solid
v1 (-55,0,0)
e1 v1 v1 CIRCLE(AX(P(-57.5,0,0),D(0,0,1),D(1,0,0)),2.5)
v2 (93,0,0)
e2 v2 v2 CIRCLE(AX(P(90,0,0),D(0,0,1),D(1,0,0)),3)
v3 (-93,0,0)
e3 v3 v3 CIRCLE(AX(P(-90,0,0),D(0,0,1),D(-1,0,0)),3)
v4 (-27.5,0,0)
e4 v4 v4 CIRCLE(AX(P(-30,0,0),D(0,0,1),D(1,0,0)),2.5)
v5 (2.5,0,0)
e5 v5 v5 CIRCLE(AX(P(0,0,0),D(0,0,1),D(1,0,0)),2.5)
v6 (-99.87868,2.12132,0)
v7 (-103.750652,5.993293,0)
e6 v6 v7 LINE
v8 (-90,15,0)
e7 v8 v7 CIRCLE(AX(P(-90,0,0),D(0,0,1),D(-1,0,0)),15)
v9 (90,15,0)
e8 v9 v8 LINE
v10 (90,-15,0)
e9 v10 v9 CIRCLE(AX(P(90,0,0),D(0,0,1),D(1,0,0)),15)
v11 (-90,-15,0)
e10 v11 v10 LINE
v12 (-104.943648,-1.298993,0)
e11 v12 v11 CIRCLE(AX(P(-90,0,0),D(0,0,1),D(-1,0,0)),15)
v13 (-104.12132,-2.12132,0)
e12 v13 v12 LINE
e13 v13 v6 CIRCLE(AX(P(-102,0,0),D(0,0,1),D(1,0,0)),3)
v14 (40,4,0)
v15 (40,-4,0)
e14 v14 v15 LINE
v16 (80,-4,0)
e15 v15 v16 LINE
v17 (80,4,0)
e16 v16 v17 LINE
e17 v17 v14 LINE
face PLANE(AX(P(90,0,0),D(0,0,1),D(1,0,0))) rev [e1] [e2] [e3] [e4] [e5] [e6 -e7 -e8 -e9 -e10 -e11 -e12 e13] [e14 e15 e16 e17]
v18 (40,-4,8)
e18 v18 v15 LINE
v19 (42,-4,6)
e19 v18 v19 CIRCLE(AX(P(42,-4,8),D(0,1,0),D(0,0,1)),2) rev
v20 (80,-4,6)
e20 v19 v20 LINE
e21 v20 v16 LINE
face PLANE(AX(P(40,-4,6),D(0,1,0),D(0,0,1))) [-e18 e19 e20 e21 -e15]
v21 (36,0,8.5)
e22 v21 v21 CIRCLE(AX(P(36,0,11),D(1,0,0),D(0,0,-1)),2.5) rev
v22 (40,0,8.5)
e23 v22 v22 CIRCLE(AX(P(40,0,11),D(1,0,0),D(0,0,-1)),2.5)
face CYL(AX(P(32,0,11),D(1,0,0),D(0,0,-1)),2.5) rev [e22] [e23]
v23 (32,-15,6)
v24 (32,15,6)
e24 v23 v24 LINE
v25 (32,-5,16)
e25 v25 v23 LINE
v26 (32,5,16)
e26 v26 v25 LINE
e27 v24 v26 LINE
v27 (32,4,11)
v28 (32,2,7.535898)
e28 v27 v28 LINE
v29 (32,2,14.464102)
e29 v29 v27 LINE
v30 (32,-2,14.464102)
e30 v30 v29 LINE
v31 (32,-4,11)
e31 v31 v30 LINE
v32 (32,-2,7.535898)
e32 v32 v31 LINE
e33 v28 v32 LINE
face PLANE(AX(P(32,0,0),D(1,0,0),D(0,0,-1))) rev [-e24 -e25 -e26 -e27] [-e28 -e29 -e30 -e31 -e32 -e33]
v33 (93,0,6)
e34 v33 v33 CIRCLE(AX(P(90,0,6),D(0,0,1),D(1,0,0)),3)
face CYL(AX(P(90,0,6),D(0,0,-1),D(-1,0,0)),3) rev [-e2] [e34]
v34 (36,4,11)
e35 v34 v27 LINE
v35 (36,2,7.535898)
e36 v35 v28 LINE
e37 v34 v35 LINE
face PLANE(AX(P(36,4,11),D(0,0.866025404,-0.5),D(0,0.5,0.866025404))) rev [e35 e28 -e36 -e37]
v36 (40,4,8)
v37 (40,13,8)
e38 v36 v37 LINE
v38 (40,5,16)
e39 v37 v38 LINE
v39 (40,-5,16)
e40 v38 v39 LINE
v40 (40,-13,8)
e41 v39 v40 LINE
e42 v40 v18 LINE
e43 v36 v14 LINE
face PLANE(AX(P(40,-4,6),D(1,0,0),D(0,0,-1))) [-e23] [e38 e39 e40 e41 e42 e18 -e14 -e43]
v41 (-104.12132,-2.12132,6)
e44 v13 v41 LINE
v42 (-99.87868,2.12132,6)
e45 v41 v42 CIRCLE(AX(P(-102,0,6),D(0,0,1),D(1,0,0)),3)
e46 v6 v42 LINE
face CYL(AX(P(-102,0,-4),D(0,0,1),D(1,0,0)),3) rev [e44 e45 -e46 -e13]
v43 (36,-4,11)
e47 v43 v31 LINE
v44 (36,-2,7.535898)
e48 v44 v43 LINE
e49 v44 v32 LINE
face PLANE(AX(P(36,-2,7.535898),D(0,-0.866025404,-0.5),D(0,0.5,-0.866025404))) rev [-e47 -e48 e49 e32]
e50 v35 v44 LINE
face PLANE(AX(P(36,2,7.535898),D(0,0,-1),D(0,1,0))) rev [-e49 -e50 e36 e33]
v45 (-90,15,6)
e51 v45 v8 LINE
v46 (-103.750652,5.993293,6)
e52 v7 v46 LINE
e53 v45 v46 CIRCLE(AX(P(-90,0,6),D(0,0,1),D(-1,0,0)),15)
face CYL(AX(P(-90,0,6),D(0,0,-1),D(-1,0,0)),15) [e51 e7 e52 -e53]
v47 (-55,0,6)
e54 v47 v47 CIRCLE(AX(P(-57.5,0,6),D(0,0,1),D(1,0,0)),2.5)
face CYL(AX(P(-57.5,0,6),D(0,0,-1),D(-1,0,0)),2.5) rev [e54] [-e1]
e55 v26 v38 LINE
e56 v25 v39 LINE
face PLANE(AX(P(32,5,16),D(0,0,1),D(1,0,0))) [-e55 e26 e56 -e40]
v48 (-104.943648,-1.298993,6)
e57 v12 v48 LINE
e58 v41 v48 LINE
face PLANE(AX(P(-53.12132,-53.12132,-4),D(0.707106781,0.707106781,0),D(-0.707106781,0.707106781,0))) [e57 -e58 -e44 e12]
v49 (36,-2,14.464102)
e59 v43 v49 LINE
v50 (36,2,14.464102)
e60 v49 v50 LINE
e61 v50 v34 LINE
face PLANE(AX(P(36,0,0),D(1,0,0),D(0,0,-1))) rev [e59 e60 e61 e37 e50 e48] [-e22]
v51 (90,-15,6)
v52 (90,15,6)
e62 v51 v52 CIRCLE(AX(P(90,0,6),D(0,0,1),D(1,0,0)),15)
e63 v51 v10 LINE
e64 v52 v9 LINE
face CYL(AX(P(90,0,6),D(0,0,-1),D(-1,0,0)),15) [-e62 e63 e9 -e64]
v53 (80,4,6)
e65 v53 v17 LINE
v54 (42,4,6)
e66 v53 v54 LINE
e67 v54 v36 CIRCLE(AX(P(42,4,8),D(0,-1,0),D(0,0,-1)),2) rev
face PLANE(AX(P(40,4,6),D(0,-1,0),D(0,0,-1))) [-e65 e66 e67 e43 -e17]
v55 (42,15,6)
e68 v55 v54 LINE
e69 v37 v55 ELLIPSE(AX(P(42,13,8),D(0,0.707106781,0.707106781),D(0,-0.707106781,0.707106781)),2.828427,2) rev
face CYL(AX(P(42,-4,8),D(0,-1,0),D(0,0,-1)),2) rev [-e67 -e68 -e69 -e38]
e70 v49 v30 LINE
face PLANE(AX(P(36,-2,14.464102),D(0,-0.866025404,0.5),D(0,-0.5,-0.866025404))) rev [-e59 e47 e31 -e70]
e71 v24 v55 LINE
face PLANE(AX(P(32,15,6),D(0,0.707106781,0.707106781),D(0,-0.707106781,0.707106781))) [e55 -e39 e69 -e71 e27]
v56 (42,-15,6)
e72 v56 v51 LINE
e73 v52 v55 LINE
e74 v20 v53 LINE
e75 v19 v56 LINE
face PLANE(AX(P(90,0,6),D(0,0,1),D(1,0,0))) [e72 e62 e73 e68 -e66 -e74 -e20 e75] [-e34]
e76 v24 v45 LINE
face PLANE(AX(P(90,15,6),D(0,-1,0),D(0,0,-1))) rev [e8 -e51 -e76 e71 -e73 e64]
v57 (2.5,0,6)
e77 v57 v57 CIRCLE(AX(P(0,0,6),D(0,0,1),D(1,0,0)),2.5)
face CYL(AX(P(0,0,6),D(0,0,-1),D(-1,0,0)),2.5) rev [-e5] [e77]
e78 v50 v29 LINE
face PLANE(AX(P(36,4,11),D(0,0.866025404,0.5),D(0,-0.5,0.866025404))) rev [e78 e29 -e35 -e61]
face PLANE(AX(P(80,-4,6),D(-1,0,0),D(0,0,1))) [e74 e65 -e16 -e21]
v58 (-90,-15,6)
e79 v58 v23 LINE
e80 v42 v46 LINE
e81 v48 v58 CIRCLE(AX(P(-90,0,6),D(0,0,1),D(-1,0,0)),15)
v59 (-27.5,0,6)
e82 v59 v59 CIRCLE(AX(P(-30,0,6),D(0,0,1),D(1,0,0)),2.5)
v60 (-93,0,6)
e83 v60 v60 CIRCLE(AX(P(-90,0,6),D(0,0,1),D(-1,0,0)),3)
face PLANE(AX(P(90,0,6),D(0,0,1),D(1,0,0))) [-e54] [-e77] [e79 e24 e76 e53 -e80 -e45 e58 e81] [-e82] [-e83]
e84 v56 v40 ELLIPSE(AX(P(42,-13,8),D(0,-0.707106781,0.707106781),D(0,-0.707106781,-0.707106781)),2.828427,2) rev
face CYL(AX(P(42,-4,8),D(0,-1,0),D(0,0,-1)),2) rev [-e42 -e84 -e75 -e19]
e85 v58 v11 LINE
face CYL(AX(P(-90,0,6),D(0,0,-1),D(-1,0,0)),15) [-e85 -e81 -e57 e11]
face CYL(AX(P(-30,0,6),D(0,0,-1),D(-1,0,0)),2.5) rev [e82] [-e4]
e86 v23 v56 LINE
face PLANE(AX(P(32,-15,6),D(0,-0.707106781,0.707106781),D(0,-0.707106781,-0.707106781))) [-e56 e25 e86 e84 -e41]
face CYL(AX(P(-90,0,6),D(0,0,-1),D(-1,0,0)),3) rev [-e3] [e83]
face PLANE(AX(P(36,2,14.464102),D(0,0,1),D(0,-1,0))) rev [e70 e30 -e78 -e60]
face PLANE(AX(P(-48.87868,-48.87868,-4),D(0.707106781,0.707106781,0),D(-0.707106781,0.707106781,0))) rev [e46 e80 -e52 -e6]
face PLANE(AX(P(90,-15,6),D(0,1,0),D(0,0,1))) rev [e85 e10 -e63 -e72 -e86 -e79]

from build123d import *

# Parameters (mm, degrees)
ESQUISSE1_R             = 3
ESQUISSE1_R_2           = 2.5
ESQUISSE1_W             = 40
ESQUISSE1_H             = 8
BOSS_EXTRU_1_DEPTH      = 6
ESQUISSE2_R             = 2.5
BOSS_EXTRU_2_DEPTH      = 8
CONG_2_R                = 2
ENL_V_MAT_EXTRU_1_DEPTH = 4
ENL_V_START             = -10
ENL_V_MAT_EXTRU_4_DEPTH = 10


with BuildPart() as part:
    # Esquisse1 → Boss.-Extru.1 (new body)
    with BuildSketch(Plane.XY):
        with BuildLine():
            Line((90, -15), (-90, -15))
            ThreePointArc((-90, -15), (-105, 0), (-90, 15))
            Line((-90, 15), (90, 15))
            ThreePointArc((90, 15), (105, 0), (90, -15))
        make_face()
        with Locations((90, 0)):
            Circle(ESQUISSE1_R, mode=Mode.SUBTRACT)
        with Locations(Location((-90, 0, 0), (0, 0, 180))):
            Circle(ESQUISSE1_R, mode=Mode.SUBTRACT)
        Circle(ESQUISSE1_R_2, mode=Mode.SUBTRACT)
        with Locations((-57.5, 0)):
            Circle(ESQUISSE1_R_2, mode=Mode.SUBTRACT)
        with Locations((-30, 0)):
            Circle(ESQUISSE1_R_2, mode=Mode.SUBTRACT)
        with Locations((60, 0)):
            Rectangle(ESQUISSE1_W, ESQUISSE1_H, mode=Mode.SUBTRACT)
    extrude(amount=BOSS_EXTRU_1_DEPTH)

    # Esquisse2 → Boss.-Extru.2 (add)
    with BuildSketch(Plane(origin=(40, 0, 0), x_dir=(0, 0, -1), z_dir=(1, 0, 0))):
        Polygon((-16, 5), (-16, -5), (-6, -15), (-6, -5), (-6, 5), (-6, 15), align=None)
        with Locations((-11, 0)):
            Circle(ESQUISSE2_R, mode=Mode.SUBTRACT)
    extrude(amount=-BOSS_EXTRU_2_DEPTH)

    # Congé2
    cong_2_edges = [part.edges().sort_by_distance(p)[0] for p in [
        (40, 9.5, 6),
        (40, -9.5, 6),
    ]]
    fillet(cong_2_edges, radius=CONG_2_R)

    # Esquisse3 → Enlèv. mat.-Extru.1 (cut)
    with BuildSketch(Plane.ZY.offset(-32)):
        Polygon((11, 4), (14.464101615, 2), (14.464101615, -2), (11, -4), (7.535898385, -2), (7.535898385, 2), align=None)
    extrude(amount=-ENL_V_MAT_EXTRU_1_DEPTH, mode=Mode.SUBTRACT)

    # Esquisse4 → Enlèv. mat.-Extru.4 (cut)
    with BuildSketch(Plane.XY.offset(6).offset(ENL_V_START)):
        with BuildLine():
            ThreePointArc((-105, 0), (-104.771638598, -1.148050297), (-104.121320344, -2.121320344))
            Line((-104.121320344, -2.121320344), (-99.878679656, 2.121320344))
            ThreePointArc((-99.878679656, 2.121320344), (-103.148050297, 2.771638598), (-105, 0))
        make_face()
        with BuildLine():
            Line((-99.878679656, 2.121320344), (-104.121320344, -2.121320344))
            ThreePointArc((-104.121320344, -2.121320344), (-100.851949703, -2.771638598), (-99, 0))
            ThreePointArc((-99, 0), (-99.228361402, 1.148050297), (-99.878679656, 2.121320344))
        make_face()
        with BuildLine():
            ThreePointArc((-105, 0), (-103.148050297, 2.771638598), (-99.878679656, 2.121320344))
            Line((-99.878679656, 2.121320344), (-103.750652313, 5.993293))
            ThreePointArc((-103.750652313, 5.993293), (-104.68434174, 3.061063158), (-105, 0))
        make_face()
        with BuildLine():
            Line((-104.94364809, -1.298992597), (-104.121320344, -2.121320344))
            ThreePointArc((-104.121320344, -2.121320344), (-104.771638598, -1.148050297), (-105, 0))
            ThreePointArc((-105, 0), (-104.985905401, -0.650107165), (-104.94364809, -1.298992597))
        make_face()
        with BuildLine():
            ThreePointArc((-105, 0), (-104.771638598, -1.148050297), (-104.121320344, -2.121320344))
            Line((-104.121320344, -2.121320344), (-99.878679656, 2.121320344))
            ThreePointArc((-99.878679656, 2.121320344), (-103.148050297, 2.771638598), (-105, 0))
        make_face()
        with BuildLine():
            Line((-99.878679656, 2.121320344), (-104.121320344, -2.121320344))
            ThreePointArc((-104.121320344, -2.121320344), (-100.851949703, -2.771638598), (-99, 0))
            ThreePointArc((-99, 0), (-99.228361402, 1.148050297), (-99.878679656, 2.121320344))
        make_face()
    extrude(amount=ENL_V_MAT_EXTRU_4_DEPTH, mode=Mode.SUBTRACT)


solid = part.part
